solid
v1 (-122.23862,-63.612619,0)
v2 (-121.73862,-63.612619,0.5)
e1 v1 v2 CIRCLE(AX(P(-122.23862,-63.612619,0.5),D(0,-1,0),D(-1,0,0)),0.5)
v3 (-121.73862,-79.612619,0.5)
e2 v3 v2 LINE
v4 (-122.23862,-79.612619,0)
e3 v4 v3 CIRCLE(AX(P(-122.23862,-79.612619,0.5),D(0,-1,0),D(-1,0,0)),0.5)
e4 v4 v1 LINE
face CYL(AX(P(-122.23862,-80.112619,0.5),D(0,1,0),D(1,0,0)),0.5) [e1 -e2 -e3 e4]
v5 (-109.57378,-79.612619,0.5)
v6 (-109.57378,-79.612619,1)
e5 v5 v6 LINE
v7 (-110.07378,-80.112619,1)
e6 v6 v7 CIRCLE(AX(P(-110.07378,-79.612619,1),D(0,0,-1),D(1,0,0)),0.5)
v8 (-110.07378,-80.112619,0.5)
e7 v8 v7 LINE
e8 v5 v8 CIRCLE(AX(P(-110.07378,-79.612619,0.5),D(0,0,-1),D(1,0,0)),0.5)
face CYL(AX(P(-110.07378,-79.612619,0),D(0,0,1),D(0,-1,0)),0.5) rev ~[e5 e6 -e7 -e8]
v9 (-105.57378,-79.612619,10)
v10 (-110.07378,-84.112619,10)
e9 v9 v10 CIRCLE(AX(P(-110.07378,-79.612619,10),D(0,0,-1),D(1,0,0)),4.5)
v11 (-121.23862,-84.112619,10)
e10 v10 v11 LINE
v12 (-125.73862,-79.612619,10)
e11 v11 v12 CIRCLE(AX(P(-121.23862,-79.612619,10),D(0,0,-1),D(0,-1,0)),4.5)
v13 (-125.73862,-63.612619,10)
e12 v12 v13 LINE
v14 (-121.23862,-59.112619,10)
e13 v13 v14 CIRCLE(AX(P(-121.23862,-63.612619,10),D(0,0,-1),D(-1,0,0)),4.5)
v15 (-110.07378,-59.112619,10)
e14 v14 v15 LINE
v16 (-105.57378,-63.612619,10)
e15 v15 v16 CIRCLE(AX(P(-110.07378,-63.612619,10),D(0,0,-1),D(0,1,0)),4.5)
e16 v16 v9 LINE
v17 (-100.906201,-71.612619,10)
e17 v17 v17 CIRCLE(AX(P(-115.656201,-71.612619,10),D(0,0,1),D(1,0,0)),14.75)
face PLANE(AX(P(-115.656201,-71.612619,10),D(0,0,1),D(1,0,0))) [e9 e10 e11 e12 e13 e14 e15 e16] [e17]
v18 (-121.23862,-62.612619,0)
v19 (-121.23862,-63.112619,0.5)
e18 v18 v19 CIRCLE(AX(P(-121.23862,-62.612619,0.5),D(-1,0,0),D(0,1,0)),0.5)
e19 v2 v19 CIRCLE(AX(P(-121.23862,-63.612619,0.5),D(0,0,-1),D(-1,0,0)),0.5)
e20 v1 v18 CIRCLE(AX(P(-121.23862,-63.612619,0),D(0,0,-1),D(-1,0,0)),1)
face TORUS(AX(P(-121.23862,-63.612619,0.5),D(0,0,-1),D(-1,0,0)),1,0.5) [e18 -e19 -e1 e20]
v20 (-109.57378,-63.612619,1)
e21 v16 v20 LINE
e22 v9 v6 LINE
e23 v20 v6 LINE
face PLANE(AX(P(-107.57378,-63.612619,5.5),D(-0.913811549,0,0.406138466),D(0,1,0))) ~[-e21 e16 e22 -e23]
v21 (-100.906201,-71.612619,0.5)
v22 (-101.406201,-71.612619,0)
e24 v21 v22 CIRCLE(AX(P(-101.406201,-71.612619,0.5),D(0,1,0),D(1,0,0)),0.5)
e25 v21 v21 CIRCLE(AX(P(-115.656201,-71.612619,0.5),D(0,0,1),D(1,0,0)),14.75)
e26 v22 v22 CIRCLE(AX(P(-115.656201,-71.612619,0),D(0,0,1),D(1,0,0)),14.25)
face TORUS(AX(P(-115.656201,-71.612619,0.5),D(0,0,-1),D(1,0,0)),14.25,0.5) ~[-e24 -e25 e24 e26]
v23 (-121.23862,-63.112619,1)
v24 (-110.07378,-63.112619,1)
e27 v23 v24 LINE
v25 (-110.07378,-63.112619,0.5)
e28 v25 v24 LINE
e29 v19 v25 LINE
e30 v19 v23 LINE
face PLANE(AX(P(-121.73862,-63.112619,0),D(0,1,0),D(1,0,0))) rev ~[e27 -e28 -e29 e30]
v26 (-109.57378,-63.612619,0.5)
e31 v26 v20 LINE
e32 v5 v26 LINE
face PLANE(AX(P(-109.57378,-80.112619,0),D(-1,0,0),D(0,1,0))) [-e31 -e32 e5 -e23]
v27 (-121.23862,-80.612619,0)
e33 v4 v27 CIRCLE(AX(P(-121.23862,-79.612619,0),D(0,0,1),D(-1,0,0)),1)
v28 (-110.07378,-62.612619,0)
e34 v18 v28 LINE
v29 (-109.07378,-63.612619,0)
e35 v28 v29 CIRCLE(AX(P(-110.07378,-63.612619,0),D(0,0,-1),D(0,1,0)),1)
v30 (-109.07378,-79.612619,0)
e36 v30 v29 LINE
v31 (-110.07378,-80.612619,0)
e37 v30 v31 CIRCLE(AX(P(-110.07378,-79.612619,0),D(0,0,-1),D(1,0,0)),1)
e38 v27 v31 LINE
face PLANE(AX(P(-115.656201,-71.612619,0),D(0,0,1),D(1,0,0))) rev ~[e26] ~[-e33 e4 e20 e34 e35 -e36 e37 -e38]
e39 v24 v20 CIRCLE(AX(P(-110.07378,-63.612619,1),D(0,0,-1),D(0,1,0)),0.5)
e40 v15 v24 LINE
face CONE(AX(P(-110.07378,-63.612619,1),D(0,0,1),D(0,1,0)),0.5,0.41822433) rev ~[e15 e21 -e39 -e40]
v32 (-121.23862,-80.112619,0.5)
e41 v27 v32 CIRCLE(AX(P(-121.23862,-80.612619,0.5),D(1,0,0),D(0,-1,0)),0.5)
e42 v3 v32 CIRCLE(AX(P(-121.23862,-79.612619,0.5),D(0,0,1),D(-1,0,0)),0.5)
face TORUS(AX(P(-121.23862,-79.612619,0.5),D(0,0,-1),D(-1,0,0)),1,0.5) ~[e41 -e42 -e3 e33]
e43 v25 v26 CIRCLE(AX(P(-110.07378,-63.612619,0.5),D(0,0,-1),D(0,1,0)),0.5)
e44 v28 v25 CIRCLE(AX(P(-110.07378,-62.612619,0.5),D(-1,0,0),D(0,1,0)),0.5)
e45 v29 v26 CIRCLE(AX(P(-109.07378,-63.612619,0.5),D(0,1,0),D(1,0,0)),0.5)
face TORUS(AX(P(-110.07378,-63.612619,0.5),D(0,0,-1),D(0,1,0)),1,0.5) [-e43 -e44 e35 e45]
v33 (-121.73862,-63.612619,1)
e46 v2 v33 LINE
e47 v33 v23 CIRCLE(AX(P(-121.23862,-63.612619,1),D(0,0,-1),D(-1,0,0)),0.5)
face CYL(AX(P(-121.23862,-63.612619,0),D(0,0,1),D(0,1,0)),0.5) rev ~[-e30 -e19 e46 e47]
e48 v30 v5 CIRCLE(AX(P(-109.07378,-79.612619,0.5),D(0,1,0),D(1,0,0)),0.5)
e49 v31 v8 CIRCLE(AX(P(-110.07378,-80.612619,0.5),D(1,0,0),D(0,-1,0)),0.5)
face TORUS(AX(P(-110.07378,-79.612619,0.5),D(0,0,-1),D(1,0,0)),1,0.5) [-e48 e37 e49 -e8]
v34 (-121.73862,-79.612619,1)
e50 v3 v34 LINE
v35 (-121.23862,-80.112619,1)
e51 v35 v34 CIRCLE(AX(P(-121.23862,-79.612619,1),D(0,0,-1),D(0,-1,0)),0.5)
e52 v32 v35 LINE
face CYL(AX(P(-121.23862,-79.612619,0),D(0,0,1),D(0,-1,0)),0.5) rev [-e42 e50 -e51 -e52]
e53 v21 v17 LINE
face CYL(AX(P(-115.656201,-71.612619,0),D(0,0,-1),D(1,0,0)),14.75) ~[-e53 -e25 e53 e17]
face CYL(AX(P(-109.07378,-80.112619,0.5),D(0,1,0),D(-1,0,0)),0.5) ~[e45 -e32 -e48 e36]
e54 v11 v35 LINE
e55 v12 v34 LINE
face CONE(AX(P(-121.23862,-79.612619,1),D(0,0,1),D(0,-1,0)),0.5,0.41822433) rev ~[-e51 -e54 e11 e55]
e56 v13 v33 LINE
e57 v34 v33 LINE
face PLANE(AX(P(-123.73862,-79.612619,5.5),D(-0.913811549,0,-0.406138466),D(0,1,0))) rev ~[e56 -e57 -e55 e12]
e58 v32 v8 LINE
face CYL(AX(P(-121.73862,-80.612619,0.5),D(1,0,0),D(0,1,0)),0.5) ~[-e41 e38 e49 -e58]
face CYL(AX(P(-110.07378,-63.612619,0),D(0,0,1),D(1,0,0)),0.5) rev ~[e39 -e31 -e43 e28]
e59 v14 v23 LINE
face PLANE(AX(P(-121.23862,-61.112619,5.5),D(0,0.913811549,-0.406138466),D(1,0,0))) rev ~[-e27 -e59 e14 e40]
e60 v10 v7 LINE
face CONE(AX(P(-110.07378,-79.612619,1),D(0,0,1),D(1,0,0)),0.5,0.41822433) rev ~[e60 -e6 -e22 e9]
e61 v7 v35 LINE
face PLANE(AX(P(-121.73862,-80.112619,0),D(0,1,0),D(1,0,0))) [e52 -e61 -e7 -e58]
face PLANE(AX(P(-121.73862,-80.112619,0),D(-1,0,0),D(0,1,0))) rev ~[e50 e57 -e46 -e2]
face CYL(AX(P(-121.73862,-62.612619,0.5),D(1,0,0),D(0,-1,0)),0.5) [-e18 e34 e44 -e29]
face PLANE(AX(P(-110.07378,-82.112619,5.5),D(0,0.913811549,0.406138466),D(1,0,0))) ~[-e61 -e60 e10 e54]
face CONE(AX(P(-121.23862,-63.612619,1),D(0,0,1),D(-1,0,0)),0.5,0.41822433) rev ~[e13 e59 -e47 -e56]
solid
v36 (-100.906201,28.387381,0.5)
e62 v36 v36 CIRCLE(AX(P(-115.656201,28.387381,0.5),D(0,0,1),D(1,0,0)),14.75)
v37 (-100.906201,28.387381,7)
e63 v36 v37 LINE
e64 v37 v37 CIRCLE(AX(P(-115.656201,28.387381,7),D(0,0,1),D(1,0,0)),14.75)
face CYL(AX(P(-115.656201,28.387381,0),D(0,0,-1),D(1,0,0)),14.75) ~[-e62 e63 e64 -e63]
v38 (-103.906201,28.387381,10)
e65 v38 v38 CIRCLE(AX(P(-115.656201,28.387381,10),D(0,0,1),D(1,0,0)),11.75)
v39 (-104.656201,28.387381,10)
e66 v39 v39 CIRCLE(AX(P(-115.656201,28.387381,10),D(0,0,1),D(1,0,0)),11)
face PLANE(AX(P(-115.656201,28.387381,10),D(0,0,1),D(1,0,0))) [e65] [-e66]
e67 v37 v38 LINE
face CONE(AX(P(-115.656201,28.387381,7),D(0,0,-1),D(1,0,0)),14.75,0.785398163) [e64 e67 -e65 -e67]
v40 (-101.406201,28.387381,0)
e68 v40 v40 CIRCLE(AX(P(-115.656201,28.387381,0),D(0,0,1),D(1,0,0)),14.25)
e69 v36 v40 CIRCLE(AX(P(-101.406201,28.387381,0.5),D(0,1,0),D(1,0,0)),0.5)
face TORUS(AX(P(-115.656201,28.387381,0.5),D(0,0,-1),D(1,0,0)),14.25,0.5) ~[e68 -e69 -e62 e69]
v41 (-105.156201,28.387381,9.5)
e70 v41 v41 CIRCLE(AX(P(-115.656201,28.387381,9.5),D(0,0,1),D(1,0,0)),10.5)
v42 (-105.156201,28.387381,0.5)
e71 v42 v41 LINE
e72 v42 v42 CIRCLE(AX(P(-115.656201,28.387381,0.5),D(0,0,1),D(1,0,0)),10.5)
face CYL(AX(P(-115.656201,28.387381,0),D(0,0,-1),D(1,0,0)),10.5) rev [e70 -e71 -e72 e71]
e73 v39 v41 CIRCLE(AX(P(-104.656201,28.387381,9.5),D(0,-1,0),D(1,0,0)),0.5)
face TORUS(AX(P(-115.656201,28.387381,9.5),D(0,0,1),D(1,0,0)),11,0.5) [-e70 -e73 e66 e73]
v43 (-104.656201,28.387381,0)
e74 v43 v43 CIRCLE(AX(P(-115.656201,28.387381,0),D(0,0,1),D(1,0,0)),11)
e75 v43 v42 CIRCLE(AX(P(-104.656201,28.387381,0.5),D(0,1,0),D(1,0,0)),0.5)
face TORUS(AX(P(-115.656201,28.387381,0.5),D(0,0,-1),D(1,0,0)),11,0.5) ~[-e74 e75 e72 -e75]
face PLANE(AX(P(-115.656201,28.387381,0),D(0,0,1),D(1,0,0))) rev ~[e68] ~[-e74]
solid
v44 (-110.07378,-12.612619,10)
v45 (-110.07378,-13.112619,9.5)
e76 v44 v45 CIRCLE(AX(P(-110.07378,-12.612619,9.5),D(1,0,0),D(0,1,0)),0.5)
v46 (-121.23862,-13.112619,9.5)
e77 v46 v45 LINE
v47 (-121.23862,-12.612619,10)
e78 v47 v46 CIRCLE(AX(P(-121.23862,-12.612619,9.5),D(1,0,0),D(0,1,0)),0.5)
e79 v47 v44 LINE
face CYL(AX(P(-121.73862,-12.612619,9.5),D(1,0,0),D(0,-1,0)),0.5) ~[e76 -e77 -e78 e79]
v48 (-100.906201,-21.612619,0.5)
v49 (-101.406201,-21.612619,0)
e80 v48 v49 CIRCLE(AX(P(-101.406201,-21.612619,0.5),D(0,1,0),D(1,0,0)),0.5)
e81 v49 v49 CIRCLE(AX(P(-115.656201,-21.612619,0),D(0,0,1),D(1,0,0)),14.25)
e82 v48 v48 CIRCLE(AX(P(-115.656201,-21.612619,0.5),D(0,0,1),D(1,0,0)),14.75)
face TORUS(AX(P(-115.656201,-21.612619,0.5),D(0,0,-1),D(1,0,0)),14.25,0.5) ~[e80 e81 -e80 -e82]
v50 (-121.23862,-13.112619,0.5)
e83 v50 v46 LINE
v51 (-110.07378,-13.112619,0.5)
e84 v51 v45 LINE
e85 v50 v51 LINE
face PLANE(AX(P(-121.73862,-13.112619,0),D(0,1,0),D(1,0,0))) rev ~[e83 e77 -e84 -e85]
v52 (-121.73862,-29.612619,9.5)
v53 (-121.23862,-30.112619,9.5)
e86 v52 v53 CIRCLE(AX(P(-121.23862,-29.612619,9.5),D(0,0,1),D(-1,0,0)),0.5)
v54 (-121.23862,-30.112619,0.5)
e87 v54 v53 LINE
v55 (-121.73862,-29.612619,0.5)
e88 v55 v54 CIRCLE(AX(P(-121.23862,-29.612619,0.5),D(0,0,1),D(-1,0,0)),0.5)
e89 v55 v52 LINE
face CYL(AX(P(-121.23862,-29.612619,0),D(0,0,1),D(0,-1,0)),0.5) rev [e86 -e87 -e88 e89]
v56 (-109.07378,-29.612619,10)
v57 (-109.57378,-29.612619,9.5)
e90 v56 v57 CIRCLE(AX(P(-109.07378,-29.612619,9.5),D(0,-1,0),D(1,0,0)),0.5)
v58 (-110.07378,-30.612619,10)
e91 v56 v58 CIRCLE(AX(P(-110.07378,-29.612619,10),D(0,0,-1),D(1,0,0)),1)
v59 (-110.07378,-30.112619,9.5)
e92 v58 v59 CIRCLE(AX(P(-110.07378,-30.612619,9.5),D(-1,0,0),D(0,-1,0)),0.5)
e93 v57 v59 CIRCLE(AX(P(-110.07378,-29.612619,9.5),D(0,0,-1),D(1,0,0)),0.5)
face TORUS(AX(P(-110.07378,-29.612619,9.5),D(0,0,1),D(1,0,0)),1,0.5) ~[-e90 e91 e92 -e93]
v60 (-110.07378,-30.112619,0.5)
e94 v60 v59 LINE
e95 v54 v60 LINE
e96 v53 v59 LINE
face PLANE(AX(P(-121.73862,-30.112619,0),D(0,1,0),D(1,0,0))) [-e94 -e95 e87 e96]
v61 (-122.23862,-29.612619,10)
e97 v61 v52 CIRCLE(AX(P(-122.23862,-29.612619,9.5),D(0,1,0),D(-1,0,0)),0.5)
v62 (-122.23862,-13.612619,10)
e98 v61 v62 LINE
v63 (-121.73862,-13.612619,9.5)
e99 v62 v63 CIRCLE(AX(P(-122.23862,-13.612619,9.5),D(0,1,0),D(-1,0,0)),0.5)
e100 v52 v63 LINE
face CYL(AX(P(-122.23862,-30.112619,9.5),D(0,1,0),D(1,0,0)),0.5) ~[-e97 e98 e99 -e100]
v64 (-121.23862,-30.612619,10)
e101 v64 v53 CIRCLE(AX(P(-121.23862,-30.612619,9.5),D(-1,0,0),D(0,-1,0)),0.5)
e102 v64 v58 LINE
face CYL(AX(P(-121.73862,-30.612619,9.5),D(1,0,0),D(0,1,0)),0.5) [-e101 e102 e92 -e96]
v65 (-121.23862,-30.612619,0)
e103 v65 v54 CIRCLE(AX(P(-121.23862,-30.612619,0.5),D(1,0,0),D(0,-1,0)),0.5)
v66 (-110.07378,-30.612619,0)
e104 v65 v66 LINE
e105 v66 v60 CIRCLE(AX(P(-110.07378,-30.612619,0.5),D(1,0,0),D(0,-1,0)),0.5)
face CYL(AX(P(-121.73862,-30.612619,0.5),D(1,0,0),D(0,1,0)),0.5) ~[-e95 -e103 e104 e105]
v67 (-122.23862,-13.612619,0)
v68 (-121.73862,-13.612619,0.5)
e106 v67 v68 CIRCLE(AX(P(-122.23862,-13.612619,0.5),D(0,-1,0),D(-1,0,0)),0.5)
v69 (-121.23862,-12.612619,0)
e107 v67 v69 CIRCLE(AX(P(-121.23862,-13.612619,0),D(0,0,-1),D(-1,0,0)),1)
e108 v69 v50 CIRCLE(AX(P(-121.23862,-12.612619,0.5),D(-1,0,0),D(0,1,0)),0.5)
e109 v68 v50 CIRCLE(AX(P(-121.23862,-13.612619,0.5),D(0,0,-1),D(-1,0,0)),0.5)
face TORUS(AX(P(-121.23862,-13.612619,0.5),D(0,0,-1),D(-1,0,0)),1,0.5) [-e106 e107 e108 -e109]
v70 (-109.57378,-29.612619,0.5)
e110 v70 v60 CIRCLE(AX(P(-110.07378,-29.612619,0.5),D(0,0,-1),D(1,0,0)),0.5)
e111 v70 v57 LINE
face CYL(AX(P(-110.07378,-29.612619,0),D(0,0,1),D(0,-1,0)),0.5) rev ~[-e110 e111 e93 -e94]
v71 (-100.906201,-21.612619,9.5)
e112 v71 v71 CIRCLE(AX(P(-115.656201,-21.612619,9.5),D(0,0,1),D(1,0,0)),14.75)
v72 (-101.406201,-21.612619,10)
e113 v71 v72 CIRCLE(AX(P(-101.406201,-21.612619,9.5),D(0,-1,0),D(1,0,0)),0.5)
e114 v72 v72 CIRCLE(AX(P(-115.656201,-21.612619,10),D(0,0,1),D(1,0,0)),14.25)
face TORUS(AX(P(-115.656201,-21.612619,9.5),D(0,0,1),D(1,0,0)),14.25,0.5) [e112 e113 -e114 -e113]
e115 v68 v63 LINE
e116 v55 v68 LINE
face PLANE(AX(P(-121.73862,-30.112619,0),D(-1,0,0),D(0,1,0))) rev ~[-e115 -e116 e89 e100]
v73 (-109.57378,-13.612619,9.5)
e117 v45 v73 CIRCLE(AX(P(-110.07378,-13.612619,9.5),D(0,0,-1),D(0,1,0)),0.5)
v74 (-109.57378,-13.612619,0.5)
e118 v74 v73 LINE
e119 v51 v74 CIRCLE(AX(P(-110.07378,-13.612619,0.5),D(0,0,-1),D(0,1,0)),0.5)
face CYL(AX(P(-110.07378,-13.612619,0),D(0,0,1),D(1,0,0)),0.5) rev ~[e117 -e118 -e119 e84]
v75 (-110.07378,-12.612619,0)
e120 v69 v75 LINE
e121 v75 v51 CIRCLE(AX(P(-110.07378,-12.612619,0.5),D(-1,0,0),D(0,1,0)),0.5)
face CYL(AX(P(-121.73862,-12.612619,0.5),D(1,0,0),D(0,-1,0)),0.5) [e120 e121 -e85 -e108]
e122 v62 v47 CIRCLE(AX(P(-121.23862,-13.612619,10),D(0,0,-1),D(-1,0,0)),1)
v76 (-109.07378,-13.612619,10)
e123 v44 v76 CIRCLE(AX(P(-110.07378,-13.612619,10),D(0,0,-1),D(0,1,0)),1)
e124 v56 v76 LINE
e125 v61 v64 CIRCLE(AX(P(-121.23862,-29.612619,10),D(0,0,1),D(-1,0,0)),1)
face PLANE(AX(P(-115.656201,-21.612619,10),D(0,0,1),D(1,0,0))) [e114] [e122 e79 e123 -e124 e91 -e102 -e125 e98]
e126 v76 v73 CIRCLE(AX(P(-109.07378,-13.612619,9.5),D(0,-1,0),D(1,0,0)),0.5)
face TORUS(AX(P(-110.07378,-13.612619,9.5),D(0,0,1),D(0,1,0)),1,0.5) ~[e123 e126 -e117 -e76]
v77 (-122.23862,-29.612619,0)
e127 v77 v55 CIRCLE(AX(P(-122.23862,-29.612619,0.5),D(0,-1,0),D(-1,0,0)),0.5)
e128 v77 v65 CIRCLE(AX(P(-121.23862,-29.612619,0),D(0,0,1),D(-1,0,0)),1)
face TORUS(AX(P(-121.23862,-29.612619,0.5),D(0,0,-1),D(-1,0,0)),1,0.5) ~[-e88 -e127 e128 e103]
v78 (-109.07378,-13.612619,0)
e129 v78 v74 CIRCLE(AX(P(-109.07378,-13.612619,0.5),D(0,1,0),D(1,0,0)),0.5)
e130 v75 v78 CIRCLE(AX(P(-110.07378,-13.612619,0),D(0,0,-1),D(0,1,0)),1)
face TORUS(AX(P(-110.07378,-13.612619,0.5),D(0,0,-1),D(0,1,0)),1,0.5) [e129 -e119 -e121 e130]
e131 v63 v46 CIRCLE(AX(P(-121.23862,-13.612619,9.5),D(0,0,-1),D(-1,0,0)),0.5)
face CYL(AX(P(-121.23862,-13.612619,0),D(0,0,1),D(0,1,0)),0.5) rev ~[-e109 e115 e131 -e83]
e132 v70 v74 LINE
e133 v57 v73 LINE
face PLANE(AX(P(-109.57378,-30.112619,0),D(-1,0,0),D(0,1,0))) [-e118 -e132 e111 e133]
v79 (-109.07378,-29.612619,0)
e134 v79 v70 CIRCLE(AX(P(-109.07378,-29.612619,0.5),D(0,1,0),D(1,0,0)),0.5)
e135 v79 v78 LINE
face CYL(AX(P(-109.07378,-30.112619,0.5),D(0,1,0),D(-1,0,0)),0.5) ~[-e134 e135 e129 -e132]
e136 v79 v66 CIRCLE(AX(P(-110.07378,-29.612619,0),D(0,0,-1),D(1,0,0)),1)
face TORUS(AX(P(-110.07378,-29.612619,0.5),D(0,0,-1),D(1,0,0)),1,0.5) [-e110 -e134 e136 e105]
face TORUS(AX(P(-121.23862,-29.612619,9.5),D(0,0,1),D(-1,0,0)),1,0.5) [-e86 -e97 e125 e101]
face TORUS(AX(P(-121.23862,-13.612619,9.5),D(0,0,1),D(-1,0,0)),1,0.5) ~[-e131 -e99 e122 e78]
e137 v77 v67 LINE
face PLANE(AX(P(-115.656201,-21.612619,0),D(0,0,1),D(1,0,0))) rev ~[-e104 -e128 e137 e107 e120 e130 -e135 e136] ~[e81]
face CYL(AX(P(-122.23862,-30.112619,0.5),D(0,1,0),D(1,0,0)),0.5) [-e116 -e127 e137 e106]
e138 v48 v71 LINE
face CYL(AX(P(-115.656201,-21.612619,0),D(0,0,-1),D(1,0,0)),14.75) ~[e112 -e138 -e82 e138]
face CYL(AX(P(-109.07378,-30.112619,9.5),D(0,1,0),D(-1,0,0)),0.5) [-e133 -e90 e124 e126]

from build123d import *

# Parameters (mm, degrees)
F0_R     = 14.75
F0_R_2   = 10.5
F0_W     = 12.164841
F0_H     = 17
F1_DEPTH = 10
F2_DEPTH = 10
F3_SIZE  = 3
F4_R     = 0.5
F4_2_R   = 0.5
F5_SIZE2 = 9
F5_SIZE  = 4


with BuildPart() as f1:
    # F0 (on Top) → F1 (new body)
    with BuildSketch(Plane.XY):
        with Locations((-115.656201, 28.387381)):
            Circle(F0_R)
        with Locations((-115.656201, 28.387381)):
            Circle(F0_R_2, mode=Mode.SUBTRACT)
        with Locations((-115.656201, -21.612619)):
            Circle(F0_R)
        with Locations((-115.6562, -21.612619)):
            Rectangle(F0_W, F0_H, mode=Mode.SUBTRACT)
    extrude(amount=F1_DEPTH)

    # F3
    f3_edges = [f1.edges().sort_by_distance(p)[0] for p in [
        (-130.406201, 28.387381, 10),
    ]]
    chamfer(f3_edges, length=F3_SIZE)

    # F4
    f4_edges = [f1.edges().sort_by_distance(p)[0] for p in [
        (-130.406201, -21.612619, 0),
        (-121.738621, -21.612619, 0),
        (-115.656201, -13.112619, 0),
        (-109.57378, -21.612619, 0),
        (-115.656201, -30.112619, 0),
        (-130.406201, 28.387381, 0),
        (-126.156201, 28.387381, 0),
        (-130.406201, -21.612619, 10),
        (-121.738621, -21.612619, 10),
        (-115.656201, -13.112619, 10),
        (-109.57378, -21.612619, 10),
        (-115.656201, -30.112619, 10),
        (-121.738621, -13.112619, 5),
        (-109.57378, -13.112619, 5),
        (-109.57378, -30.112619, 5),
        (-121.738621, -30.112619, 5),
        (-105.156201, 28.387381, 5),
        (-126.156201, 28.387381, 10),
    ]]
    fillet(f4_edges, radius=F4_R)


with BuildPart() as f2:
    # F0 (on Top) → F2 (new body)
    with BuildSketch(Plane.XY):
        with Locations((-115.656201, -71.612619)):
            Circle(F0_R)
        with Locations((-115.6562, -71.612619)):
            Rectangle(F0_W, F0_H, mode=Mode.SUBTRACT)
    extrude(amount=F2_DEPTH)

    # F4#2
    f4_2_edges = [f2.edges().sort_by_distance(p)[0] for p in [
        (-130.406201, -71.612619, 0),
        (-121.738621, -71.612619, 0),
        (-115.656201, -63.112619, 0),
        (-109.57378, -71.612619, 0),
        (-115.656201, -80.112619, 0),
        (-109.57378, -63.112619, 5),
        (-121.738621, -63.112619, 5),
        (-121.738621, -80.112619, 5),
        (-109.57378, -80.112619, 5),
    ]]
    fillet(f4_2_edges, radius=F4_2_R)

    # F5
    f5_edges = [f2.edges().sort_by_distance(p)[0] for p in [
        (-115.656201, -63.112619, 10),
        (-109.57378, -71.612619, 10),
        (-115.656201, -80.112619, 10),
        (-121.738621, -71.612619, 10),
    ]]
    chamfer(f5_edges, length=F5_SIZE, length2=F5_SIZE2)


solid = Compound([f1.part, f2.part])
